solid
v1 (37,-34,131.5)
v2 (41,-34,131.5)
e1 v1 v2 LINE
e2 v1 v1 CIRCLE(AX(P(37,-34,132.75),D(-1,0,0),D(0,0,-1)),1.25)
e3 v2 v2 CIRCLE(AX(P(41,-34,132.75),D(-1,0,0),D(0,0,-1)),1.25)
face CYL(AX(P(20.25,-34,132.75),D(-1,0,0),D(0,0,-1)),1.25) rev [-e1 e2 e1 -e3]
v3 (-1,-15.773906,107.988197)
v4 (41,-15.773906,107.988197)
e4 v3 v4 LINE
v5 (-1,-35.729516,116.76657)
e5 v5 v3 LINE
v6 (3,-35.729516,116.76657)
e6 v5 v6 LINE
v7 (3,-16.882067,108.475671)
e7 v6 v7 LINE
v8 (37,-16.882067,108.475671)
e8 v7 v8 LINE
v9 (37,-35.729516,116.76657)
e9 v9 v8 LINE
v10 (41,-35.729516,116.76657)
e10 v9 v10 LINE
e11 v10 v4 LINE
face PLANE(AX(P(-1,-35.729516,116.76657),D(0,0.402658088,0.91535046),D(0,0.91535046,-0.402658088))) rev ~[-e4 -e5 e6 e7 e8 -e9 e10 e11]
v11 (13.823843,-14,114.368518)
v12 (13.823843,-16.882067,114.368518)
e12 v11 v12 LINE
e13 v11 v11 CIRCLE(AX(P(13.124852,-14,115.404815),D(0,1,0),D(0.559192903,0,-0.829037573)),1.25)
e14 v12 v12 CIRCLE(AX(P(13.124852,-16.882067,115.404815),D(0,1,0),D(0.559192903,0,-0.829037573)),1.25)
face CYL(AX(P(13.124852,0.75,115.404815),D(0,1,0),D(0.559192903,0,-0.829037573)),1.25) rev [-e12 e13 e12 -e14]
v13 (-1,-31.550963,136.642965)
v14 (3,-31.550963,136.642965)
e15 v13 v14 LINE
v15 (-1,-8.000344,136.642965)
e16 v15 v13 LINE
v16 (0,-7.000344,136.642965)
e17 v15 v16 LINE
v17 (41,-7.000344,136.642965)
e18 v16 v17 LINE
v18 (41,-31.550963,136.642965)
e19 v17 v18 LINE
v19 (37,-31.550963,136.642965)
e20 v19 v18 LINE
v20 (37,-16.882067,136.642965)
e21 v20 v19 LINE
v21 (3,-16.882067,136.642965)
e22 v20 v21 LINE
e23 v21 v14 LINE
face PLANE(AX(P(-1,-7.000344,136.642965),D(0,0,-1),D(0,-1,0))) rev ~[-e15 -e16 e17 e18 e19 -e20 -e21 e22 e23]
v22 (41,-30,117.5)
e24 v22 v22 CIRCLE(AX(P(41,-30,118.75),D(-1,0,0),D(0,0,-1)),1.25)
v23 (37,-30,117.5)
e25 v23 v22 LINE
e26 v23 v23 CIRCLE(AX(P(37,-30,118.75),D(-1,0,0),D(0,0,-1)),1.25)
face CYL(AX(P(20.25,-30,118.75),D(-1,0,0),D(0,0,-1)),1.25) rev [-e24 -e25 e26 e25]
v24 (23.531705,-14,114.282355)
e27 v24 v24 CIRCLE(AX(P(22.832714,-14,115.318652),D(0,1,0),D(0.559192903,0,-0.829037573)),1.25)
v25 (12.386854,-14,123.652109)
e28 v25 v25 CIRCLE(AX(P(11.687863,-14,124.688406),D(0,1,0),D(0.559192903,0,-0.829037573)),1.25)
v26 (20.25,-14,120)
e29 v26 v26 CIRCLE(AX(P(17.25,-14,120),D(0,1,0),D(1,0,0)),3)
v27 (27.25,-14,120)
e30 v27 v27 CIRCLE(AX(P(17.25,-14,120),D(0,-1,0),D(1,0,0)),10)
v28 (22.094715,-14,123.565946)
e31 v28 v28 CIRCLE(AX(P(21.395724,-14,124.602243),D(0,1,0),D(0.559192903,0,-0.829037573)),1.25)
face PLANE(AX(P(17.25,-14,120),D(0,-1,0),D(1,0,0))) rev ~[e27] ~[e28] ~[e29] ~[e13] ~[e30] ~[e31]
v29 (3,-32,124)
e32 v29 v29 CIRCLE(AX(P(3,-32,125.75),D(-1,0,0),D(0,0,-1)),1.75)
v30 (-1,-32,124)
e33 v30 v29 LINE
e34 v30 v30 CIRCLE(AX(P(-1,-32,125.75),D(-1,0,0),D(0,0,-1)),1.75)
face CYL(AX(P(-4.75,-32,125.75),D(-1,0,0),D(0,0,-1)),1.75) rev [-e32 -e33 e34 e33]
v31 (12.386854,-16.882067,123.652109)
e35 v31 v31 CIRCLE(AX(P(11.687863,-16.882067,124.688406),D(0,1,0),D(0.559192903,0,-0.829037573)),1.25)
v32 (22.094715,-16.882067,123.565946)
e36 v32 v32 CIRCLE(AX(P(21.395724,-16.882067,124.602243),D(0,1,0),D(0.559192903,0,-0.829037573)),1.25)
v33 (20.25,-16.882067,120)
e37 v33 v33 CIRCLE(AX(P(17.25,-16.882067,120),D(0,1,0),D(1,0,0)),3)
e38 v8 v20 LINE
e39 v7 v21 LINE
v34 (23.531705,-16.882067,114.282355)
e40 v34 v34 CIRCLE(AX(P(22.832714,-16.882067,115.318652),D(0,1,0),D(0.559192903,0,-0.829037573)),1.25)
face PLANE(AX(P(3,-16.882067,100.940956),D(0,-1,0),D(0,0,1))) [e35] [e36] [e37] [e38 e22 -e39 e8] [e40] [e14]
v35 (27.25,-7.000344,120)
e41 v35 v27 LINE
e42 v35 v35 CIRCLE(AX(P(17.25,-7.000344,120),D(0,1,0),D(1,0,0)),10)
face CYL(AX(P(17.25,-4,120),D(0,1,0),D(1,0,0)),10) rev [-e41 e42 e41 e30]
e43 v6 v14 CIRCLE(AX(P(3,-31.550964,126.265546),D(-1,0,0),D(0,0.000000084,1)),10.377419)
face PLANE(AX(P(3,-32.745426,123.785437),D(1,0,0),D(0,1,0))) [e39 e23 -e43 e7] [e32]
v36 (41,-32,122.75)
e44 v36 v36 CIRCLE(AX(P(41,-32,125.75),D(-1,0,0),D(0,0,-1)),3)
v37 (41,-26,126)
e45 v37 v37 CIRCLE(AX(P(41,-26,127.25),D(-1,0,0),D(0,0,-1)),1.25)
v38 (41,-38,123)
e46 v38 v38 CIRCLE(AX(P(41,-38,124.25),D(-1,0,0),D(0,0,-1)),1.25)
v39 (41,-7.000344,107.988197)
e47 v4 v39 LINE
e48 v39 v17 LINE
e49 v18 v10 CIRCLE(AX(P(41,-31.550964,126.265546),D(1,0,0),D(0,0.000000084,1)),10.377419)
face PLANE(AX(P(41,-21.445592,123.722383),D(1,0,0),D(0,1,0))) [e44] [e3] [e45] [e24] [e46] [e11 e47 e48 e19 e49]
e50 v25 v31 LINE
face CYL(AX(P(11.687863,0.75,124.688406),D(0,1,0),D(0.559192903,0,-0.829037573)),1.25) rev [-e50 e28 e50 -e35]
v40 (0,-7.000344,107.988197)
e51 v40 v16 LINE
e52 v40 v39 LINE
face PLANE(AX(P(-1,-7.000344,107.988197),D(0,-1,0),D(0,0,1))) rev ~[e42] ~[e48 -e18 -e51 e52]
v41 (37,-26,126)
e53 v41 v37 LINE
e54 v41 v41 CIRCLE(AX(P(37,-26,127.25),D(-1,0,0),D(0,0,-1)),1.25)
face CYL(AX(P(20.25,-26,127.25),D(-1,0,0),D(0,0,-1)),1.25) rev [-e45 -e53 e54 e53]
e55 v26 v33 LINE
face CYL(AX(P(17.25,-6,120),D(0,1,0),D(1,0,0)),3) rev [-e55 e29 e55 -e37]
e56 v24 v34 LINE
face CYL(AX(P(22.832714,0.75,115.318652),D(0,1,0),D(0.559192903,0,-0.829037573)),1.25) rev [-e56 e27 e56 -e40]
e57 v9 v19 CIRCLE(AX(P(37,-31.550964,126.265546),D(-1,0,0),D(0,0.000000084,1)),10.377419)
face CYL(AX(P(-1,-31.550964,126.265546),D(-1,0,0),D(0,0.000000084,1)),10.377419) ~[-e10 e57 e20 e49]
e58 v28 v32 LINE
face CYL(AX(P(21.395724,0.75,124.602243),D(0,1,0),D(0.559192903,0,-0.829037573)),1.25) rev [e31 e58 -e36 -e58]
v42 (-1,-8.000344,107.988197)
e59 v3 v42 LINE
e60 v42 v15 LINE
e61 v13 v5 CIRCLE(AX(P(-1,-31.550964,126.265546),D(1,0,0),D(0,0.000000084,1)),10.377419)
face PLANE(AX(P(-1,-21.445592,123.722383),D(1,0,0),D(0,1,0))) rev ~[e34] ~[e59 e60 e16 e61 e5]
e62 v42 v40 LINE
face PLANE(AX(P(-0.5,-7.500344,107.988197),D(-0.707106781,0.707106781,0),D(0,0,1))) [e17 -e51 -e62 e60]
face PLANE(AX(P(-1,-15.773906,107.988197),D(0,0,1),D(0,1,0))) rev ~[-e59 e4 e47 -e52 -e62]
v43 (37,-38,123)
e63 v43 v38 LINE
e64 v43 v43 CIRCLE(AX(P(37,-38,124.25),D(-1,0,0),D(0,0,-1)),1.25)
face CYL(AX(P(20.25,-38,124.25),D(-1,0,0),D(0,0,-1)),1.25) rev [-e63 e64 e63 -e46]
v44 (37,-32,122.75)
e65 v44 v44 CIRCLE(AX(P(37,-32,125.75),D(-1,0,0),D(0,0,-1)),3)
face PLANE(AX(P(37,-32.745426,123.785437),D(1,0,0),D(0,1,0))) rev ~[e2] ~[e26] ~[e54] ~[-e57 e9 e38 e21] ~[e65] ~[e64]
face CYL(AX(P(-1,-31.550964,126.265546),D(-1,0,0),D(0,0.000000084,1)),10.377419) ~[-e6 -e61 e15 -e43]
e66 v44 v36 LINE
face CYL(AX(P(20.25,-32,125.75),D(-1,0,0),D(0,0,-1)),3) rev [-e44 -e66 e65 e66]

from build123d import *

# Parameters (mm, degrees)
CYLINDER067_R             = 1.75
CYLINDER067_DEPTH         = 22
CYLINDER067_PITCH_ANGLE   = 90
CYLINDER061_R             = 1.25
CYLINDER061_DEPTH         = 22
CYLINDER061_PITCH_ANGLE   = 90
CYLINDER062_R             = 1.25
CYLINDER062_DEPTH         = 22
CYLINDER062_PITCH_ANGLE   = 90
CYLINDER060_R             = 1.25
CYLINDER060_DEPTH         = 22
CYLINDER060_PITCH_ANGLE   = 90
CYLINDER059_R             = 1.25
CYLINDER059_DEPTH         = 22
CYLINDER059_PITCH_ANGLE   = 90
CYLINDER065_R             = 1.25
CYLINDER065_DEPTH         = 22
CYLINDER065_PITCH_ANGLE   = 90
CYLINDER066_R             = 1.25
CYLINDER066_DEPTH         = 22
CYLINDER066_PITCH_ANGLE   = 90
CYLINDER064_R             = 1.25
CYLINDER064_DEPTH         = 22
CYLINDER064_PITCH_ANGLE   = 90
CYLINDER063_R             = 1.25
CYLINDER063_DEPTH         = 22
CYLINDER063_PITCH_ANGLE   = 90
FUSION047_ROLL_ANGLE      = 34
FUSION047_PLACEMENT_ANGLE = -90
CYLINDER058_R             = 3
CYLINDER058_DEPTH         = 22
CYLINDER058_PITCH_ANGLE   = 90
CYLINDER057_R             = 3
CYLINDER057_DEPTH         = 13
CYLINDER057_ROLL_ANGLE    = 90
CYLINDER056_R             = 10
CYLINDER056_DEPTH         = 10
CYLINDER056_ROLL_ANGLE    = 90
PAD007_DEPTH              = 34
PAD005_DEPTH              = 42
CHAMFER104_SIZE           = 1


with BuildPart() as cilindro011:
    # Cylinder067 → Cylinder067 (new body)
    with BuildSketch(Plane.XY):
        Circle(CYLINDER067_R)
    extrude(amount=CYLINDER067_DEPTH)


with BuildPart() as cilindro011_1:
    # Cylinder067 pitch: moved
    add(cilindro011.part.rotate(Axis((0, 0, 0), (0, 1, 0)), CYLINDER067_PITCH_ANGLE))


with BuildPart() as cilindro011_2:
    # Cylinder067 placement: moved
    add(cilindro011_1.part.moved(Location((-4.75, -32, 125.75))))


with BuildPart() as cilindro005:
    # Cylinder061 → Cylinder061 (new body)
    with BuildSketch(Plane.XY):
        Circle(CYLINDER061_R)
    extrude(amount=CYLINDER061_DEPTH)


with BuildPart() as cilindro005_1:
    # Cylinder061 pitch: moved
    add(cilindro005.part.rotate(Axis((0, 0, 0), (0, 1, 0)), CYLINDER061_PITCH_ANGLE))


with BuildPart() as cilindro005_2:
    # Cylinder061 placement: moved
    add(cilindro005_1.part.moved(Location((20.25, -38, 124.25))))


with BuildPart() as cilindro006:
    # Cylinder062 → Cylinder062 (new body)
    with BuildSketch(Plane.XY):
        Circle(CYLINDER062_R)
    extrude(amount=CYLINDER062_DEPTH)


with BuildPart() as cilindro006_1:
    # Cylinder062 pitch: moved
    add(cilindro006.part.rotate(Axis((0, 0, 0), (0, 1, 0)), CYLINDER062_PITCH_ANGLE))


with BuildPart() as cilindro006_2:
    # Cylinder062 placement: moved
    add(cilindro006_1.part.moved(Location((20.25, -26, 127.25))))


with BuildPart() as cilindro004:
    # Cylinder060 → Cylinder060 (new body)
    with BuildSketch(Plane.XY):
        Circle(CYLINDER060_R)
    extrude(amount=CYLINDER060_DEPTH)


with BuildPart() as cilindro004_1:
    # Cylinder060 pitch: moved
    add(cilindro004.part.rotate(Axis((0, 0, 0), (0, 1, 0)), CYLINDER060_PITCH_ANGLE))


with BuildPart() as cilindro004_2:
    # Cylinder060 placement: moved
    add(cilindro004_1.part.moved(Location((20.25, -30, 118.75))))


with BuildPart() as fusion046:
    # Cylinder059 → Cylinder059 (new body)
    with BuildSketch(Plane.XY):
        Circle(CYLINDER059_R)
    extrude(amount=CYLINDER059_DEPTH)


with BuildPart() as fusion046_1:
    # Cylinder059 pitch: moved
    add(fusion046.part.rotate(Axis((0, 0, 0), (0, 1, 0)), CYLINDER059_PITCH_ANGLE))


with BuildPart() as fusion046_2:
    # Cylinder059 placement: moved
    add(fusion046_1.part.moved(Location((20.25, -34, 132.75))))

    # Fusion046: union Cilindro005, Cilindro006, Cilindro004
    add(cilindro005_2.part)
    add(cilindro006_2.part)
    add(cilindro004_2.part)


with BuildPart() as cilindro009:
    # Cylinder065 → Cylinder065 (new body)
    with BuildSketch(Plane.XY):
        Circle(CYLINDER065_R)
    extrude(amount=CYLINDER065_DEPTH)


with BuildPart() as cilindro009_1:
    # Cylinder065 pitch: moved
    add(cilindro009.part.rotate(Axis((0, 0, 0), (0, 1, 0)), CYLINDER065_PITCH_ANGLE))


with BuildPart() as cilindro009_2:
    # Cylinder065 placement: moved
    add(cilindro009_1.part.moved(Location((20.25, -38, 124.25))))


with BuildPart() as cilindro010:
    # Cylinder066 → Cylinder066 (new body)
    with BuildSketch(Plane.XY):
        Circle(CYLINDER066_R)
    extrude(amount=CYLINDER066_DEPTH)


with BuildPart() as cilindro010_1:
    # Cylinder066 pitch: moved
    add(cilindro010.part.rotate(Axis((0, 0, 0), (0, 1, 0)), CYLINDER066_PITCH_ANGLE))


with BuildPart() as cilindro010_2:
    # Cylinder066 placement: moved
    add(cilindro010_1.part.moved(Location((20.25, -26, 127.25))))


with BuildPart() as cilindro008:
    # Cylinder064 → Cylinder064 (new body)
    with BuildSketch(Plane.XY):
        Circle(CYLINDER064_R)
    extrude(amount=CYLINDER064_DEPTH)


with BuildPart() as cilindro008_1:
    # Cylinder064 pitch: moved
    add(cilindro008.part.rotate(Axis((0, 0, 0), (0, 1, 0)), CYLINDER064_PITCH_ANGLE))


with BuildPart() as cilindro008_2:
    # Cylinder064 placement: moved
    add(cilindro008_1.part.moved(Location((20.25, -30, 118.75))))


with BuildPart() as fusion047:
    # Cylinder063 → Cylinder063 (new body)
    with BuildSketch(Plane.XY):
        Circle(CYLINDER063_R)
    extrude(amount=CYLINDER063_DEPTH)


with BuildPart() as fusion047_1:
    # Cylinder063 pitch: moved
    add(fusion047.part.rotate(Axis((0, 0, 0), (0, 1, 0)), CYLINDER063_PITCH_ANGLE))


with BuildPart() as fusion047_2:
    # Cylinder063 placement: moved
    add(fusion047_1.part.moved(Location((20.25, -34, 132.75))))

    # Fusion047: union Cilindro009, Cilindro010, Cilindro008
    add(cilindro009_2.part)
    add(cilindro010_2.part)
    add(cilindro008_2.part)


with BuildPart() as fusion047_3:
    # Fusion047 roll: moved
    add(fusion047_2.part.rotate(Axis((0, 0, 0), (1, 0, 0)), FUSION047_ROLL_ANGLE))


with BuildPart() as fusion047_4:
    # Fusion047 placement: moved
    add(fusion047_3.part.moved(Location((114.107998, 21, 33.646227))).rotate(Axis((114.107998, 21, 33.646227), (0, 0, 1)), FUSION047_PLACEMENT_ANGLE))


with BuildPart() as cilindro002:
    # Cylinder058 → Cylinder058 (new body)
    with BuildSketch(Plane.XY):
        Circle(CYLINDER058_R)
    extrude(amount=CYLINDER058_DEPTH)


with BuildPart() as cilindro002_1:
    # Cylinder058 pitch: moved
    add(cilindro002.part.rotate(Axis((0, 0, 0), (0, 1, 0)), CYLINDER058_PITCH_ANGLE))


with BuildPart() as cilindro002_2:
    # Cylinder058 placement: moved
    add(cilindro002_1.part.moved(Location((20.25, -32, 125.75))))


with BuildPart() as cilindro001:
    # Cylinder057 → Cylinder057 (new body)
    with BuildSketch(Plane.XY):
        Circle(CYLINDER057_R)
    extrude(amount=CYLINDER057_DEPTH)


with BuildPart() as cilindro001_1:
    # Cylinder057 roll: moved
    add(cilindro001.part.rotate(Axis((0, 0, 0), (1, 0, 0)), CYLINDER057_ROLL_ANGLE))


with BuildPart() as cilindro001_2:
    # Cylinder057 placement: moved
    add(cilindro001_1.part.moved(Location((17.25, -6, 120))))


with BuildPart() as cilindro:
    # Cylinder056 → Cylinder056 (new body)
    with BuildSketch(Plane.XY):
        Circle(CYLINDER056_R)
    extrude(amount=CYLINDER056_DEPTH)


with BuildPart() as cilindro_1:
    # Cylinder056 roll: moved
    add(cilindro.part.rotate(Axis((0, 0, 0), (1, 0, 0)), CYLINDER056_ROLL_ANGLE))


with BuildPart() as cilindro_2:
    # Cylinder056 placement: moved
    add(cilindro_1.part.moved(Location((17.25, -4, 120))))


with BuildPart() as pad007:
    # Sketch012 → Pad007 (new body)
    with BuildSketch(Plane(origin=(3, -12, -1), x_dir=(0, 1, 0), z_dir=(1, 0, 0))):
        Polygon((-4.882067, 101.940956), (-4.882067, 138.559921), (-40.571098, 142.373672), (-40.571098, 120.688431), align=None)
    extrude(amount=PAD007_DEPTH)


with BuildPart() as shoulder_src:
    # Sketch010 → Pad005 (new body)
    with BuildSketch(Plane.YZ.offset(-1)):
        with BuildLine():
            Line((-35.729516, 116.76657), (-15.773906, 107.988197))
            Line((-15.773906, 107.988197), (-7.000344, 107.988197))
            Line((-7.000344, 107.988197), (-7.000344, 136.642965))
            Line((-7.000344, 136.642965), (-31.550963, 136.642965))
            ThreePointArc((-31.550963, 136.642965), (-41.706398, 128.400491), (-35.729516, 116.76657))
        make_face()
    extrude(amount=PAD005_DEPTH)

    # Cut085: cut Pad007
    add(pad007.part, mode=Mode.SUBTRACT)

    # Cut086: cut Cilindro
    add(cilindro_2.part, mode=Mode.SUBTRACT)

    # Cut087: cut Cilindro001
    add(cilindro001_2.part, mode=Mode.SUBTRACT)

    # Chamfer104
    chamfer104_edges = [shoulder_src.edges().sort_by_distance(p)[0] for p in [
        (-1, -7.000344, 122.315581),
    ]]
    chamfer(chamfer104_edges, length=CHAMFER104_SIZE)

    # Cut088: cut Cilindro002
    add(cilindro002_2.part, mode=Mode.SUBTRACT)

    # Cut089: cut Fusion047
    add(fusion047_4.part, mode=Mode.SUBTRACT)

    # Cut090: cut Fusion046
    add(fusion046_2.part, mode=Mode.SUBTRACT)

    # Cut091: cut Cilindro011
    add(cilindro011_2.part, mode=Mode.SUBTRACT)


solid = shoulder_src.part
